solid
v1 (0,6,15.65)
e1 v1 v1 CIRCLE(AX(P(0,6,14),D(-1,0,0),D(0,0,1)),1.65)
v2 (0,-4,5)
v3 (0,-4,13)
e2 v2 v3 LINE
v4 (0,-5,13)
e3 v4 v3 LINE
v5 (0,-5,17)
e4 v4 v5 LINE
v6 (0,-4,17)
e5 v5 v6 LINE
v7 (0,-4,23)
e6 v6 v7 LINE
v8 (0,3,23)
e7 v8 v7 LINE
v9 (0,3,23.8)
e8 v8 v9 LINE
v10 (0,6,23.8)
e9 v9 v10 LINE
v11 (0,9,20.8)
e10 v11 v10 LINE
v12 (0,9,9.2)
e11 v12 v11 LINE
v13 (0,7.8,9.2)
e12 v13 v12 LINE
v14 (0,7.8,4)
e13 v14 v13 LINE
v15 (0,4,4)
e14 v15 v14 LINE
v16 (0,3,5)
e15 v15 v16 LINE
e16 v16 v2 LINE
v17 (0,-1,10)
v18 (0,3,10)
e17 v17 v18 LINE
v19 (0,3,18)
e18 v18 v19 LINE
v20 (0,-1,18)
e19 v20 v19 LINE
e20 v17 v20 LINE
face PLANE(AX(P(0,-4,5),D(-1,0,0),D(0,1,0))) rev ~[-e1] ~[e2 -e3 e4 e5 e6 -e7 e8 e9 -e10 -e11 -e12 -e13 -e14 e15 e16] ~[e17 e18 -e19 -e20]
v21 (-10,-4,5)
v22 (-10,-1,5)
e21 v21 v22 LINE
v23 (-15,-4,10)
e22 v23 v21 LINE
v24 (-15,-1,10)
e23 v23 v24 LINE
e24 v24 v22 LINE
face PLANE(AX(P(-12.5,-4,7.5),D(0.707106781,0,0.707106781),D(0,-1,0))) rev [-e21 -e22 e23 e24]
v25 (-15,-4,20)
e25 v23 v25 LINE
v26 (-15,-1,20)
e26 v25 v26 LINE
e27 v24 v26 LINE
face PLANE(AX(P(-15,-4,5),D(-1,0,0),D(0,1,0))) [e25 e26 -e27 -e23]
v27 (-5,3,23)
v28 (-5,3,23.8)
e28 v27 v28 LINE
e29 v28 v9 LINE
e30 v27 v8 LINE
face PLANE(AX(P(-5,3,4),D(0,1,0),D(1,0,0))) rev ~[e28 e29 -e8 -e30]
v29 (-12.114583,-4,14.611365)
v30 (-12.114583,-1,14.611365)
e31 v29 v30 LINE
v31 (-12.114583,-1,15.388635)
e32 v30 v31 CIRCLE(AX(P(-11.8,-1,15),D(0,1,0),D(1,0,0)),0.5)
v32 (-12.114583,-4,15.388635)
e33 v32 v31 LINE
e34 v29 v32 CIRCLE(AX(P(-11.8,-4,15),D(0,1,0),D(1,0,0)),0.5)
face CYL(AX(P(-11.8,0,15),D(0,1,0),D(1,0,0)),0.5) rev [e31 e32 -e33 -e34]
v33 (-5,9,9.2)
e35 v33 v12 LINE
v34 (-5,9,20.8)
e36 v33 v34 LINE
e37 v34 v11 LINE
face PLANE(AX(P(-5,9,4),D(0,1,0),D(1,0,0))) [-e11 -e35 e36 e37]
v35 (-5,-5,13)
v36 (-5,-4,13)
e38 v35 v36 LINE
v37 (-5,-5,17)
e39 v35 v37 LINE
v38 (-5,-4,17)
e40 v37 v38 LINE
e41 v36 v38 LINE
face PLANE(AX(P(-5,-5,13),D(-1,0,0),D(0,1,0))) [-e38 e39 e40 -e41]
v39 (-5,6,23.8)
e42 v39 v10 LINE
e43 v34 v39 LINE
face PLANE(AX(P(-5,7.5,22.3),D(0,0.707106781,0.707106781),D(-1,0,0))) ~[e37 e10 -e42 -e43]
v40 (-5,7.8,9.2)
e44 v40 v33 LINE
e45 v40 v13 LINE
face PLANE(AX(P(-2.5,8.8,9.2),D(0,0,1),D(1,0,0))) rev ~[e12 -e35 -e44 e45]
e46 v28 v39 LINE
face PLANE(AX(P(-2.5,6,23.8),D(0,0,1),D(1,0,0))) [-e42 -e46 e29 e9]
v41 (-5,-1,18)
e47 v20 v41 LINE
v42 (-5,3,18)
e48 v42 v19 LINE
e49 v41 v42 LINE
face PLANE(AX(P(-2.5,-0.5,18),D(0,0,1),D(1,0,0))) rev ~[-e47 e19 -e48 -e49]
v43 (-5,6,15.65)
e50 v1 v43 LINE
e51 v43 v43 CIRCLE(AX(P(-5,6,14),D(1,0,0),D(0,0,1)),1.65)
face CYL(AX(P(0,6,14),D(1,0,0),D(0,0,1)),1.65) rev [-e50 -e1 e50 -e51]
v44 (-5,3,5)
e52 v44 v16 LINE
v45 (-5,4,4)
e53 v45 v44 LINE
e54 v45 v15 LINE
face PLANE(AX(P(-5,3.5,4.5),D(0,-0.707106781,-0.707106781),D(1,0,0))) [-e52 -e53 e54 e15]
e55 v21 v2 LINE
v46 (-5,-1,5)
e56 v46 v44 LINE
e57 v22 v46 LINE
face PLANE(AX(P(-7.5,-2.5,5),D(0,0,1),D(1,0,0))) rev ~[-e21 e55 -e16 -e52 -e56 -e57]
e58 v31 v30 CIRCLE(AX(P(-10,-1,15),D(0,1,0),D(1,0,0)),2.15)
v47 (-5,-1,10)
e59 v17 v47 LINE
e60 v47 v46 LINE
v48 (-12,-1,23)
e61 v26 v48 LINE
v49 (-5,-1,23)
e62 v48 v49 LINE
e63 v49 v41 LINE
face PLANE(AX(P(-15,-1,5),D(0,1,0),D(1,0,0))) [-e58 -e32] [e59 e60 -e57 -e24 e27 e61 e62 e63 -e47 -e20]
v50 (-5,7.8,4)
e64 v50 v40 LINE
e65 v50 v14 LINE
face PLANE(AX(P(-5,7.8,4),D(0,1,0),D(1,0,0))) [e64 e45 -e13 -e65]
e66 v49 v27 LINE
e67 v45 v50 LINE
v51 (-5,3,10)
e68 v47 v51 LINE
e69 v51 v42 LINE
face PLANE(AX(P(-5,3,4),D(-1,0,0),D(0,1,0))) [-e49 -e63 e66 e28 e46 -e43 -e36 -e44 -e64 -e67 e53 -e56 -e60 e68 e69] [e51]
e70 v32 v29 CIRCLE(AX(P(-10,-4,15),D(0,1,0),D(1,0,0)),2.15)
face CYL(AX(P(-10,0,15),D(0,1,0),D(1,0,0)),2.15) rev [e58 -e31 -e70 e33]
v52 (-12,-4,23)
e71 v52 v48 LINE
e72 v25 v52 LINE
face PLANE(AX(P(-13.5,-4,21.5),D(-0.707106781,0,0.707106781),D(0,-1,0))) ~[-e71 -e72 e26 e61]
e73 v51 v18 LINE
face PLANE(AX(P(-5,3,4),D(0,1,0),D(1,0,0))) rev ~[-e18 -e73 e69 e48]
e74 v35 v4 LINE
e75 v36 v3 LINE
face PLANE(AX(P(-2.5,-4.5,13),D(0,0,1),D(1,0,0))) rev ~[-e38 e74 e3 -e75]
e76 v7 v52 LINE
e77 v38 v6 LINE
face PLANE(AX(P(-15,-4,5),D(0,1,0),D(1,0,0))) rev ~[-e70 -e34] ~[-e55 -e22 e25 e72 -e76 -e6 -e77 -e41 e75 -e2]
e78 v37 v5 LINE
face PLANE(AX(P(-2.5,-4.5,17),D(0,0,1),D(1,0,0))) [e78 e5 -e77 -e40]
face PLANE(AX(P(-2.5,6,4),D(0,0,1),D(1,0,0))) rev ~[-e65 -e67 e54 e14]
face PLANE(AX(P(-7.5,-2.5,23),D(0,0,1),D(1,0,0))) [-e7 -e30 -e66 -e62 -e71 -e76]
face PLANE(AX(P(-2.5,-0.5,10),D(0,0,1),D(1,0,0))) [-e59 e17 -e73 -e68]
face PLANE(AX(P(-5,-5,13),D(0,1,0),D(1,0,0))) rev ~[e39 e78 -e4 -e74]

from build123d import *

# Parameters (mm, degrees)
BOX021019_W        = 5
BOX021019_H        = 7
BOX021019_DEPTH    = 5
BOX021018_W        = 5
BOX021018_H        = 7
BOX021018_DEPTH    = 5
CYLINDER015_R      = 1.65
CYLINDER015_DEPTH  = 10
BOX021014_W        = 5
BOX021014_H        = 2
BOX021014_DEPTH    = 5.2
BOX021013_W        = 5
BOX021013_H        = 6
BOX021013_DEPTH    = 19.8
CHAMFER016007_SIZE = 3
CHAMFER016008_SIZE = 1
CYLINDER016_R      = 2.15
CYLINDER016_DEPTH  = 10
CYLINDER017_R      = 0.5
CYLINDER017_DEPTH  = 10
BOX021020_W        = 15
BOX021020_H        = 3
BOX021020_DEPTH    = 18
CHAMFER016012_SIZE = 3
CHAMFER016013_SIZE = 5
BOX021016_W        = 5
BOX021016_H        = 1
BOX021016_DEPTH    = 4


with BuildPart() as cube037:
    # Box021019 → Box021019 (new body)
    with BuildSketch(Plane(origin=(-5, -4, 18), x_dir=(1, 0, 0), z_dir=(0, 0, 1))):
        with Locations((2.5, 3.5)):
            Rectangle(BOX021019_W, BOX021019_H)
    extrude(amount=BOX021019_DEPTH)


with BuildPart() as cube036:
    # Box021018 → Box021018 (new body)
    with BuildSketch(Plane(origin=(-5, -4, 5), x_dir=(1, 0, 0), z_dir=(0, 0, 1))):
        with Locations((2.5, 3.5)):
            Rectangle(BOX021018_W, BOX021018_H)
    extrude(amount=BOX021018_DEPTH)


with BuildPart() as cylinder015:
    # Cylinder015 → Cylinder015 (new body)
    with BuildSketch(Plane(origin=(0, 6, 15), x_dir=(0, 0, 1), z_dir=(-1, 0, 0))):
        Circle(CYLINDER015_R)
    extrude(amount=CYLINDER015_DEPTH)


with BuildPart() as cube032:
    # Box021014 → Box021014 (new body)
    with BuildSketch(Plane(origin=(-5, 7.8, 5), x_dir=(1, 0, 0), z_dir=(0, 0, 1))):
        with Locations((2.5, 1)):
            Rectangle(BOX021014_W, BOX021014_H)
    extrude(amount=BOX021014_DEPTH)


with BuildPart() as back_mount:
    # Box021013 → Box021013 (new body)
    with BuildSketch(Plane(origin=(-5, 3, 5), x_dir=(1, 0, 0), z_dir=(0, 0, 1))):
        with Locations((2.5, 3)):
            Rectangle(BOX021013_W, BOX021013_H)
    extrude(amount=BOX021013_DEPTH)

    # Chamfer016007
    chamfer016007_edges = [back_mount.edges().sort_by_distance(p)[0] for p in [
        (-2.5, 9, 24.8),
    ]]
    chamfer(chamfer016007_edges, length=CHAMFER016007_SIZE)

    # Chamfer016008
    chamfer016008_edges = [back_mount.edges().sort_by_distance(p)[0] for p in [
        (-2.5, 3, 5),
    ]]
    chamfer(chamfer016008_edges, length=CHAMFER016008_SIZE)

    # Cut004005004003002007: cut Cube032
    add(cube032.part, mode=Mode.SUBTRACT)

    # Cut004005004003002008: cut Cylinder015
    add(cylinder015.part, mode=Mode.SUBTRACT)


with BuildPart() as back_mount_1:
    # Cut004005004003002008 placement: moved
    add(back_mount.part.moved(Location((0, 0, -1))))


with BuildPart() as cylinder016:
    # Cylinder016 → Cylinder016 (new body)
    with BuildSketch(Plane(origin=(-10, 0, 12), x_dir=(1, 0, 0), z_dir=(0, -1, 0))):
        Circle(CYLINDER016_R)
    extrude(amount=CYLINDER016_DEPTH)


with BuildPart() as fusion003007008003:
    # Cylinder017 → Cylinder017 (new body)
    with BuildSketch(Plane(origin=(-11.8, 0, 12), x_dir=(1, 0, 0), z_dir=(0, -1, 0))):
        Circle(CYLINDER017_R)
    extrude(amount=CYLINDER017_DEPTH)

    # Fusion003007008003: union Cylinder016
    add(cylinder016.part)


with BuildPart() as fusion003007008003_1:
    # Fusion003007008003 placement: moved
    add(fusion003007008003.part.moved(Location((0, 0, 3))))


with BuildPart() as chamfer016013:
    # Box021020 → Box021020 (new body)
    with BuildSketch(Plane(origin=(-15, -4, 5), x_dir=(1, 0, 0), z_dir=(0, 0, 1))):
        with Locations((7.5, 1.5)):
            Rectangle(BOX021020_W, BOX021020_H)
    extrude(amount=BOX021020_DEPTH)

    # Cut004005004003002008002: cut Fusion003007008003
    add(fusion003007008003_1.part, mode=Mode.SUBTRACT)

    # Chamfer016012
    chamfer016012_edges = [chamfer016013.edges().sort_by_distance(p)[0] for p in [
        (-15, -2.5, 23),
    ]]
    chamfer(chamfer016012_edges, length=CHAMFER016012_SIZE)

    # Chamfer016013
    chamfer016013_edges = [chamfer016013.edges().sort_by_distance(p)[0] for p in [
        (-15, -2.5, 5),
    ]]
    chamfer(chamfer016013_edges, length=CHAMFER016013_SIZE)


with BuildPart() as f_4040_base:
    # Box021016 → Box021016 (new body)
    with BuildSketch(Plane(origin=(-5, -5, 13), x_dir=(1, 0, 0), z_dir=(0, 0, 1))):
        with Locations((2.5, 0.5)):
            Rectangle(BOX021016_W, BOX021016_H)
    extrude(amount=BOX021016_DEPTH)

    # Fusion003007008004003002003: union Cube037, Cube036, back-mount, Chamfer016013
    add(cube037.part)
    add(cube036.part)
    add(back_mount_1.part)
    add(chamfer016013.part)


solid = f_4040_base.part
